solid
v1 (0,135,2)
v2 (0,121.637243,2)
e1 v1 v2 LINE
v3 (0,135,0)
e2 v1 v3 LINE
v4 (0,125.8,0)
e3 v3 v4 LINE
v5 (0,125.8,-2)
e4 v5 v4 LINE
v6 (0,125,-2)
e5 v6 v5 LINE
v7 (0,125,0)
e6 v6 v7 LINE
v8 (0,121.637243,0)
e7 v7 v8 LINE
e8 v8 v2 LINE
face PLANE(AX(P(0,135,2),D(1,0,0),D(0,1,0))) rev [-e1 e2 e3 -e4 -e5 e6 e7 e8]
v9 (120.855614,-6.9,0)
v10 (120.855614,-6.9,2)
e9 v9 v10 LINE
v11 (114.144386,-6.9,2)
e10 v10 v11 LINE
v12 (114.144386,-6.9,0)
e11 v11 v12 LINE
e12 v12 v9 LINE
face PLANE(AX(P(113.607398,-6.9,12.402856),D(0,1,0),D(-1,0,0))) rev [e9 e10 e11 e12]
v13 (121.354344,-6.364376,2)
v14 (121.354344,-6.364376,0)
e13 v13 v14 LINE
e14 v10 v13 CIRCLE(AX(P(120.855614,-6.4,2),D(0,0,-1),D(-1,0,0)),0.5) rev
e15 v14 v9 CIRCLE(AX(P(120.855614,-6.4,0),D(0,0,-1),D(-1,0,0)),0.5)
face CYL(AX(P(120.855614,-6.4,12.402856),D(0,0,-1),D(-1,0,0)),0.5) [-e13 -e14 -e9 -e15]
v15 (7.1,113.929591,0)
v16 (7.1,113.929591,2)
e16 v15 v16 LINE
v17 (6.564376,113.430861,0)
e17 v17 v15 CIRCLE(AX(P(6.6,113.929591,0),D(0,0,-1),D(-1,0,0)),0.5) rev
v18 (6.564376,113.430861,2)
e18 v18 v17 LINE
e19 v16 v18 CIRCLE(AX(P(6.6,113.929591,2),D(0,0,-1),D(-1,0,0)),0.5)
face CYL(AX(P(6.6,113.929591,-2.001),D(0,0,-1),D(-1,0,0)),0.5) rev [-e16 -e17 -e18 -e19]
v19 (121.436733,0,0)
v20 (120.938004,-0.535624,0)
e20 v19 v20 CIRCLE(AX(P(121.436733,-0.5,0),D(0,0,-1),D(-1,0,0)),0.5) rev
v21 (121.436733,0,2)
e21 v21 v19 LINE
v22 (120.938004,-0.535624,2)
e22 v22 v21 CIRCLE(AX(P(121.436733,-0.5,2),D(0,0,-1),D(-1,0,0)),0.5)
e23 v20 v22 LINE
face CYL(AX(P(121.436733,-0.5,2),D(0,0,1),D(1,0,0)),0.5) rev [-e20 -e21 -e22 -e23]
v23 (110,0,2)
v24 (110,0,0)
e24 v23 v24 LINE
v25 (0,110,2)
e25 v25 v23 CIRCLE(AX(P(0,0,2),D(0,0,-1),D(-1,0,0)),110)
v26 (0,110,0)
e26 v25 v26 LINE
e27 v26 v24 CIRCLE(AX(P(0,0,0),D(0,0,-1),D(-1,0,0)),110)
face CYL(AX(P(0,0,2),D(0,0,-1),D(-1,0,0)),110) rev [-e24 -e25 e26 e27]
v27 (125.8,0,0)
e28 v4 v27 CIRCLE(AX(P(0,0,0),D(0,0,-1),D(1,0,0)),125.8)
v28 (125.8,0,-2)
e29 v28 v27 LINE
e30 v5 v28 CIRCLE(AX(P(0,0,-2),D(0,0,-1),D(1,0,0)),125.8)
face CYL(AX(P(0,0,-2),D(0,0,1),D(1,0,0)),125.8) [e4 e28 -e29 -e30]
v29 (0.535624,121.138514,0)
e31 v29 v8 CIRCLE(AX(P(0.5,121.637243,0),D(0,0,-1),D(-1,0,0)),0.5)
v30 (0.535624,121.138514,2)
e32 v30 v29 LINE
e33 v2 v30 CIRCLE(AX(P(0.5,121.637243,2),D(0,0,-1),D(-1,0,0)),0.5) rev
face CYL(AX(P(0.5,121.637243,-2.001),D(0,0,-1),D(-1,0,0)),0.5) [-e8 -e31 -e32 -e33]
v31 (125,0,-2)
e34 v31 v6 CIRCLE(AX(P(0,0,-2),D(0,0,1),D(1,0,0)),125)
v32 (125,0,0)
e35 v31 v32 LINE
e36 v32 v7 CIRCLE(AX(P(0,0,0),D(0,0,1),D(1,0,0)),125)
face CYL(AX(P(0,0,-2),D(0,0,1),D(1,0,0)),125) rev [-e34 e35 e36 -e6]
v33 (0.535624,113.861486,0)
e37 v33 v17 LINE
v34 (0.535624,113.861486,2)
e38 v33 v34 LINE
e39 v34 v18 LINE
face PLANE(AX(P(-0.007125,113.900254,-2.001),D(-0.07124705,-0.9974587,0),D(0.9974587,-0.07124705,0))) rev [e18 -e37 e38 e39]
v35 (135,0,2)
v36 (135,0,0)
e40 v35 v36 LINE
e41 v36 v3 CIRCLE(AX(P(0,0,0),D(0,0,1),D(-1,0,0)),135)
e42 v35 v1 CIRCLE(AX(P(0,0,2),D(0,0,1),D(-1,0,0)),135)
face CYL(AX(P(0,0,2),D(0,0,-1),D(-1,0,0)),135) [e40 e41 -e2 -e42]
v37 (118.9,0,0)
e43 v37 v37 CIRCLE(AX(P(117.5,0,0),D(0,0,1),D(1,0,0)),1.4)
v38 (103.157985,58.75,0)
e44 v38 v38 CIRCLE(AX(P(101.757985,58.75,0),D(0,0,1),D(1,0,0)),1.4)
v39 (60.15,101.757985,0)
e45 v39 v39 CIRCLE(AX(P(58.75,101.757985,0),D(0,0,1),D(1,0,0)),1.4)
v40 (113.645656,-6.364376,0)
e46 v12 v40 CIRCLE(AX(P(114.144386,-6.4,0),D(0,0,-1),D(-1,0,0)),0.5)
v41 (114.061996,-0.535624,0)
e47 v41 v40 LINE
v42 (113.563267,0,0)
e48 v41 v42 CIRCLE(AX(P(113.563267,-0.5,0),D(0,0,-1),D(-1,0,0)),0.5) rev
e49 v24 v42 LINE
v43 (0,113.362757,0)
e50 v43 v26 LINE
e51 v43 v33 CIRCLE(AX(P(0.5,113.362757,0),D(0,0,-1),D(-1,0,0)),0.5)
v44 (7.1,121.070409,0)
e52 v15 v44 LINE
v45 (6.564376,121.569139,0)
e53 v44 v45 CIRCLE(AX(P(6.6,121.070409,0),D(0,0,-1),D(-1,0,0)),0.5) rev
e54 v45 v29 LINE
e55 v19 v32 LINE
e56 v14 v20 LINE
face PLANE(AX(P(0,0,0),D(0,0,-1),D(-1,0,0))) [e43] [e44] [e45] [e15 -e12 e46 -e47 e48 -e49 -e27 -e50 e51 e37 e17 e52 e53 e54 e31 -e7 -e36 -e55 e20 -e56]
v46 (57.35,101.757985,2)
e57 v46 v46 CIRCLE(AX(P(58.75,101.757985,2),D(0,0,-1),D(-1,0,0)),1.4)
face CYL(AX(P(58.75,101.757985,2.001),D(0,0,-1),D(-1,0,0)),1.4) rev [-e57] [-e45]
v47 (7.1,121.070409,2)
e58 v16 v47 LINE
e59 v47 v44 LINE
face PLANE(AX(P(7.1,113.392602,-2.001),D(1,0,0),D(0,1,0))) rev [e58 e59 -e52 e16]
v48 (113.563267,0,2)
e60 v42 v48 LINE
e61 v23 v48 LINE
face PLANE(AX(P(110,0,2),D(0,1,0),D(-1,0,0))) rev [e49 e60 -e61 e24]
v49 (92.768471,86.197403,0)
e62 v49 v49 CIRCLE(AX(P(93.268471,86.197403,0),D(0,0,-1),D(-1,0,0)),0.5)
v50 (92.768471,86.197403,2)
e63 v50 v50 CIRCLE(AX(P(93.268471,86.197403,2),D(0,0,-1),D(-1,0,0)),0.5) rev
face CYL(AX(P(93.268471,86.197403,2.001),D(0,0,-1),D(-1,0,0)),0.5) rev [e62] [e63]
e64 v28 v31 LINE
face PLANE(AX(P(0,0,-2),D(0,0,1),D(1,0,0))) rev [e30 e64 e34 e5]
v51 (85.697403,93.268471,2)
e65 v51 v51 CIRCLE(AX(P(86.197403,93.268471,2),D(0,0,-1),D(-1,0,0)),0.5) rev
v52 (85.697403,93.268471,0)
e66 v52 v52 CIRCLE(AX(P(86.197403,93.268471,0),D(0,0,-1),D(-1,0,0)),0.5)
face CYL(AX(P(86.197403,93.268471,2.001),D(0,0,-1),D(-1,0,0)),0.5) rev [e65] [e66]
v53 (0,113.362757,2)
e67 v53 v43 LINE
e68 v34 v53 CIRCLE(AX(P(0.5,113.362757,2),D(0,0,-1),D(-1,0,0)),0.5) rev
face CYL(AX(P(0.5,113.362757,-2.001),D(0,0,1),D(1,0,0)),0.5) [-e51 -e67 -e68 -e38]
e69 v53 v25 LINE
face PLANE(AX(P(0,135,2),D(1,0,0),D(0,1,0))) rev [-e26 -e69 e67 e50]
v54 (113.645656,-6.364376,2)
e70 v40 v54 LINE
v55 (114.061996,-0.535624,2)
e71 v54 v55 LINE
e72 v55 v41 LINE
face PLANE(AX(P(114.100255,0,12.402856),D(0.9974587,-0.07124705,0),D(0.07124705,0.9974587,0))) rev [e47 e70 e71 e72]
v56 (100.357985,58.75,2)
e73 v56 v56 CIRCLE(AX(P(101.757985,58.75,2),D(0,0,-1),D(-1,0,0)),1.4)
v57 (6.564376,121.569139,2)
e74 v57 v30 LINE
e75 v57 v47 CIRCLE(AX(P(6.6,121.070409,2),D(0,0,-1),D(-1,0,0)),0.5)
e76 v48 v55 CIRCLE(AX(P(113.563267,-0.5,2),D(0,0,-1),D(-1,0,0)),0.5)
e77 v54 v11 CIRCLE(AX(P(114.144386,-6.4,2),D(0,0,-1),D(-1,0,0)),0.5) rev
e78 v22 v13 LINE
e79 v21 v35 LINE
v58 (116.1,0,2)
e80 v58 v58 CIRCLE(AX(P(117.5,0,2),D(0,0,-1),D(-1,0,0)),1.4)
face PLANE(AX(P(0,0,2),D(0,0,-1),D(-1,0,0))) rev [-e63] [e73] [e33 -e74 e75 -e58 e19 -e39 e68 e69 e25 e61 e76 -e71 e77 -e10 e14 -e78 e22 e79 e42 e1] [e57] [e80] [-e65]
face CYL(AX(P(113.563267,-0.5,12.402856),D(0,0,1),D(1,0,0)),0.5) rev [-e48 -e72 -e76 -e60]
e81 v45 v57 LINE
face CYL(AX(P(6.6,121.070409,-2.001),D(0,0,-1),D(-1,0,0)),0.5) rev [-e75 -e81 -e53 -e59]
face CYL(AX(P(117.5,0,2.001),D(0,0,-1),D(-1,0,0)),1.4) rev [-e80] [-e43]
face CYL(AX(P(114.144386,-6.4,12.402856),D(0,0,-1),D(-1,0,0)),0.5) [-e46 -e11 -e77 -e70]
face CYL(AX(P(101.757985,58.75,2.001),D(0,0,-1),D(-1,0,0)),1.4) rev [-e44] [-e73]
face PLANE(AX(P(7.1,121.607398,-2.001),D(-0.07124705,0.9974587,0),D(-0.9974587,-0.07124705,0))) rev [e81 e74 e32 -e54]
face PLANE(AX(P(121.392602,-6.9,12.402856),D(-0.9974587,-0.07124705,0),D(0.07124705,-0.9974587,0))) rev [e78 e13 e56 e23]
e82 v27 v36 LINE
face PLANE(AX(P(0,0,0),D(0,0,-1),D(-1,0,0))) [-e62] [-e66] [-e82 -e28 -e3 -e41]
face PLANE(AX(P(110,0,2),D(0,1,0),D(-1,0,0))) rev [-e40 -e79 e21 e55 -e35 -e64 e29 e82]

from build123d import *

# Parameters (mm, degrees)
BOSS_EXTRUDE1_DEPTH = 2
BOSS_EXTRUDE2_DEPTH = 2
BOSS_EXTRUDE3_DEPTH = 2
CUT_EXTRUDE1_REACH  = 192.961
FILLET1_R           = 0.5
CUT_EXTRUDE3_REACH  = 192.929
SKETCH4_R           = 1.4
CUT_EXTRUDE4_REACH  = 192.929
SKETCH9_R           = 0.5


with BuildPart() as part:
    # Sketch2 → Boss-Extrude1 (new body)
    with BuildSketch(Plane.XY):
        with BuildLine():
            Line((0, 135), (0, 110))
            ThreePointArc((0, 110), (77.781745931, 77.781745931), (110, 0))
            Line((110, 0), (135, 0))
            ThreePointArc((135, 0), (95.45941546, 95.45941546), (0, 135))
        make_face()
    extrude(amount=BOSS_EXTRUDE1_DEPTH)

    # Sketch3 → Boss-Extrude2 (add)
    with BuildSketch(Plane(origin=(0, 0, 0), x_dir=(-1, 0, 0), z_dir=(0, 0, -1))):
        with BuildLine():
            Line((0, 125.8), (0, 125))
            ThreePointArc((0, 125), (-88.388347648, 88.388347648), (-125, 0))
            Line((-125, 0), (-125.8, 0))
            ThreePointArc((-125.8, 0), (-88.954033073, 88.954033073), (0, 125.8))
        make_face()
    extrude(amount=BOSS_EXTRUDE2_DEPTH)

    # Sketch7 → Boss-Extrude3 (add)
    with BuildSketch(Plane.XY):
        Polygon((114.100254777, 0), (120.899745223, 0), (121.392602365, -6.9), (113.607397635, -6.9), align=None)
    extrude(amount=BOSS_EXTRUDE3_DEPTH)

    # Sketch8 → Cut-Extrude1 (cut, up to next)
    with BuildSketch(Plane.XY.offset(2), mode=Mode.PRIVATE) as cut_extrude1_sk1:
        Polygon((-0.007124705, 121.09974587), (-0.007124705, 113.90025413), (7.1, 113.392602365), (7.1, 121.607397635), align=None)
    cut_extrude1_tool1 = extrude(cut_extrude1_sk1.sketch, amount=-CUT_EXTRUDE1_REACH, mode=Mode.PRIVATE) & part.part
    add(cut_extrude1_tool1.solids().sort_by_distance((3.624459, 117.5, 2))[0], mode=Mode.SUBTRACT)

    # Fillet1
    fillet1_edges = [part.edges().sort_by_distance(p)[0] for p in [
        (120.899745223, 0, 1),
        (121.392602365, -6.9, 1),
        (113.607397635, -6.9, 1),
        (114.100254777, 0, 1),
        (0, 113.899745223, 1),
        (0, 121.100254777, 1),
        (7.1, 113.392602365, 1),
        (7.1, 121.607397635, 1),
    ]]
    fillet(fillet1_edges, radius=FILLET1_R)

    # Sketch4 → Cut-Extrude3 (cut, up to next)
    with BuildSketch(Plane.XY, mode=Mode.PRIVATE) as cut_extrude3_sk1:
        with Locations(Location((58.75, 101.757984945, 0), (0, 0, 180))):
            Circle(SKETCH4_R)
    cut_extrude3_tool1 = extrude(cut_extrude3_sk1.sketch, amount=CUT_EXTRUDE3_REACH, mode=Mode.PRIVATE) & part.part
    # Sketch4 → Cut-Extrude3 (cut, up to next)
    with BuildSketch(Plane.XY, mode=Mode.PRIVATE) as cut_extrude3_sk2:
        with Locations(Location((101.757984945, 58.75, 0), (0, 0, 180))):
            Circle(SKETCH4_R)
    cut_extrude3_tool2 = extrude(cut_extrude3_sk2.sketch, amount=CUT_EXTRUDE3_REACH, mode=Mode.PRIVATE) & part.part
    # Sketch4 → Cut-Extrude3 (cut, up to next)
    with BuildSketch(Plane.XY, mode=Mode.PRIVATE) as cut_extrude3_sk3:
        with Locations(Location((117.5, 0, 0), (0, 0, 180))):
            Circle(SKETCH4_R)
    cut_extrude3_tool3 = extrude(cut_extrude3_sk3.sketch, amount=CUT_EXTRUDE3_REACH, mode=Mode.PRIVATE) & part.part
    add(cut_extrude3_tool1.solids().sort_by_distance((58.75, 101.757985, 0))[0], mode=Mode.SUBTRACT)
    add(cut_extrude3_tool2.solids().sort_by_distance((101.757985, 58.75, 0))[0], mode=Mode.SUBTRACT)
    add(cut_extrude3_tool3.solids().sort_by_distance((117.5, 0, 0))[0], mode=Mode.SUBTRACT)

    # Sketch9 → Cut-Extrude4 (cut, up to next)
    with BuildSketch(Plane(origin=(0, 0, 0), x_dir=(-1, 0, 0), z_dir=(0, 0, -1)), mode=Mode.PRIVATE) as cut_extrude4_sk1:
        with Locations((-93.268471003, 86.197403191)):
            Circle(SKETCH9_R)
    cut_extrude4_tool1 = extrude(cut_extrude4_sk1.sketch, amount=-CUT_EXTRUDE4_REACH, mode=Mode.PRIVATE) & part.part
    # Sketch9 → Cut-Extrude4 (cut, up to next)
    with BuildSketch(Plane(origin=(0, 0, 0), x_dir=(-1, 0, 0), z_dir=(0, 0, -1)), mode=Mode.PRIVATE) as cut_extrude4_sk2:
        with Locations((-86.197403191, 93.268471003)):
            Circle(SKETCH9_R)
    cut_extrude4_tool2 = extrude(cut_extrude4_sk2.sketch, amount=-CUT_EXTRUDE4_REACH, mode=Mode.PRIVATE) & part.part
    add(cut_extrude4_tool1.solids().sort_by_distance((93.268471, 86.197403, 0))[0], mode=Mode.SUBTRACT)
    add(cut_extrude4_tool2.solids().sort_by_distance((86.197403, 93.268471, 0))[0], mode=Mode.SUBTRACT)


solid = part.part
